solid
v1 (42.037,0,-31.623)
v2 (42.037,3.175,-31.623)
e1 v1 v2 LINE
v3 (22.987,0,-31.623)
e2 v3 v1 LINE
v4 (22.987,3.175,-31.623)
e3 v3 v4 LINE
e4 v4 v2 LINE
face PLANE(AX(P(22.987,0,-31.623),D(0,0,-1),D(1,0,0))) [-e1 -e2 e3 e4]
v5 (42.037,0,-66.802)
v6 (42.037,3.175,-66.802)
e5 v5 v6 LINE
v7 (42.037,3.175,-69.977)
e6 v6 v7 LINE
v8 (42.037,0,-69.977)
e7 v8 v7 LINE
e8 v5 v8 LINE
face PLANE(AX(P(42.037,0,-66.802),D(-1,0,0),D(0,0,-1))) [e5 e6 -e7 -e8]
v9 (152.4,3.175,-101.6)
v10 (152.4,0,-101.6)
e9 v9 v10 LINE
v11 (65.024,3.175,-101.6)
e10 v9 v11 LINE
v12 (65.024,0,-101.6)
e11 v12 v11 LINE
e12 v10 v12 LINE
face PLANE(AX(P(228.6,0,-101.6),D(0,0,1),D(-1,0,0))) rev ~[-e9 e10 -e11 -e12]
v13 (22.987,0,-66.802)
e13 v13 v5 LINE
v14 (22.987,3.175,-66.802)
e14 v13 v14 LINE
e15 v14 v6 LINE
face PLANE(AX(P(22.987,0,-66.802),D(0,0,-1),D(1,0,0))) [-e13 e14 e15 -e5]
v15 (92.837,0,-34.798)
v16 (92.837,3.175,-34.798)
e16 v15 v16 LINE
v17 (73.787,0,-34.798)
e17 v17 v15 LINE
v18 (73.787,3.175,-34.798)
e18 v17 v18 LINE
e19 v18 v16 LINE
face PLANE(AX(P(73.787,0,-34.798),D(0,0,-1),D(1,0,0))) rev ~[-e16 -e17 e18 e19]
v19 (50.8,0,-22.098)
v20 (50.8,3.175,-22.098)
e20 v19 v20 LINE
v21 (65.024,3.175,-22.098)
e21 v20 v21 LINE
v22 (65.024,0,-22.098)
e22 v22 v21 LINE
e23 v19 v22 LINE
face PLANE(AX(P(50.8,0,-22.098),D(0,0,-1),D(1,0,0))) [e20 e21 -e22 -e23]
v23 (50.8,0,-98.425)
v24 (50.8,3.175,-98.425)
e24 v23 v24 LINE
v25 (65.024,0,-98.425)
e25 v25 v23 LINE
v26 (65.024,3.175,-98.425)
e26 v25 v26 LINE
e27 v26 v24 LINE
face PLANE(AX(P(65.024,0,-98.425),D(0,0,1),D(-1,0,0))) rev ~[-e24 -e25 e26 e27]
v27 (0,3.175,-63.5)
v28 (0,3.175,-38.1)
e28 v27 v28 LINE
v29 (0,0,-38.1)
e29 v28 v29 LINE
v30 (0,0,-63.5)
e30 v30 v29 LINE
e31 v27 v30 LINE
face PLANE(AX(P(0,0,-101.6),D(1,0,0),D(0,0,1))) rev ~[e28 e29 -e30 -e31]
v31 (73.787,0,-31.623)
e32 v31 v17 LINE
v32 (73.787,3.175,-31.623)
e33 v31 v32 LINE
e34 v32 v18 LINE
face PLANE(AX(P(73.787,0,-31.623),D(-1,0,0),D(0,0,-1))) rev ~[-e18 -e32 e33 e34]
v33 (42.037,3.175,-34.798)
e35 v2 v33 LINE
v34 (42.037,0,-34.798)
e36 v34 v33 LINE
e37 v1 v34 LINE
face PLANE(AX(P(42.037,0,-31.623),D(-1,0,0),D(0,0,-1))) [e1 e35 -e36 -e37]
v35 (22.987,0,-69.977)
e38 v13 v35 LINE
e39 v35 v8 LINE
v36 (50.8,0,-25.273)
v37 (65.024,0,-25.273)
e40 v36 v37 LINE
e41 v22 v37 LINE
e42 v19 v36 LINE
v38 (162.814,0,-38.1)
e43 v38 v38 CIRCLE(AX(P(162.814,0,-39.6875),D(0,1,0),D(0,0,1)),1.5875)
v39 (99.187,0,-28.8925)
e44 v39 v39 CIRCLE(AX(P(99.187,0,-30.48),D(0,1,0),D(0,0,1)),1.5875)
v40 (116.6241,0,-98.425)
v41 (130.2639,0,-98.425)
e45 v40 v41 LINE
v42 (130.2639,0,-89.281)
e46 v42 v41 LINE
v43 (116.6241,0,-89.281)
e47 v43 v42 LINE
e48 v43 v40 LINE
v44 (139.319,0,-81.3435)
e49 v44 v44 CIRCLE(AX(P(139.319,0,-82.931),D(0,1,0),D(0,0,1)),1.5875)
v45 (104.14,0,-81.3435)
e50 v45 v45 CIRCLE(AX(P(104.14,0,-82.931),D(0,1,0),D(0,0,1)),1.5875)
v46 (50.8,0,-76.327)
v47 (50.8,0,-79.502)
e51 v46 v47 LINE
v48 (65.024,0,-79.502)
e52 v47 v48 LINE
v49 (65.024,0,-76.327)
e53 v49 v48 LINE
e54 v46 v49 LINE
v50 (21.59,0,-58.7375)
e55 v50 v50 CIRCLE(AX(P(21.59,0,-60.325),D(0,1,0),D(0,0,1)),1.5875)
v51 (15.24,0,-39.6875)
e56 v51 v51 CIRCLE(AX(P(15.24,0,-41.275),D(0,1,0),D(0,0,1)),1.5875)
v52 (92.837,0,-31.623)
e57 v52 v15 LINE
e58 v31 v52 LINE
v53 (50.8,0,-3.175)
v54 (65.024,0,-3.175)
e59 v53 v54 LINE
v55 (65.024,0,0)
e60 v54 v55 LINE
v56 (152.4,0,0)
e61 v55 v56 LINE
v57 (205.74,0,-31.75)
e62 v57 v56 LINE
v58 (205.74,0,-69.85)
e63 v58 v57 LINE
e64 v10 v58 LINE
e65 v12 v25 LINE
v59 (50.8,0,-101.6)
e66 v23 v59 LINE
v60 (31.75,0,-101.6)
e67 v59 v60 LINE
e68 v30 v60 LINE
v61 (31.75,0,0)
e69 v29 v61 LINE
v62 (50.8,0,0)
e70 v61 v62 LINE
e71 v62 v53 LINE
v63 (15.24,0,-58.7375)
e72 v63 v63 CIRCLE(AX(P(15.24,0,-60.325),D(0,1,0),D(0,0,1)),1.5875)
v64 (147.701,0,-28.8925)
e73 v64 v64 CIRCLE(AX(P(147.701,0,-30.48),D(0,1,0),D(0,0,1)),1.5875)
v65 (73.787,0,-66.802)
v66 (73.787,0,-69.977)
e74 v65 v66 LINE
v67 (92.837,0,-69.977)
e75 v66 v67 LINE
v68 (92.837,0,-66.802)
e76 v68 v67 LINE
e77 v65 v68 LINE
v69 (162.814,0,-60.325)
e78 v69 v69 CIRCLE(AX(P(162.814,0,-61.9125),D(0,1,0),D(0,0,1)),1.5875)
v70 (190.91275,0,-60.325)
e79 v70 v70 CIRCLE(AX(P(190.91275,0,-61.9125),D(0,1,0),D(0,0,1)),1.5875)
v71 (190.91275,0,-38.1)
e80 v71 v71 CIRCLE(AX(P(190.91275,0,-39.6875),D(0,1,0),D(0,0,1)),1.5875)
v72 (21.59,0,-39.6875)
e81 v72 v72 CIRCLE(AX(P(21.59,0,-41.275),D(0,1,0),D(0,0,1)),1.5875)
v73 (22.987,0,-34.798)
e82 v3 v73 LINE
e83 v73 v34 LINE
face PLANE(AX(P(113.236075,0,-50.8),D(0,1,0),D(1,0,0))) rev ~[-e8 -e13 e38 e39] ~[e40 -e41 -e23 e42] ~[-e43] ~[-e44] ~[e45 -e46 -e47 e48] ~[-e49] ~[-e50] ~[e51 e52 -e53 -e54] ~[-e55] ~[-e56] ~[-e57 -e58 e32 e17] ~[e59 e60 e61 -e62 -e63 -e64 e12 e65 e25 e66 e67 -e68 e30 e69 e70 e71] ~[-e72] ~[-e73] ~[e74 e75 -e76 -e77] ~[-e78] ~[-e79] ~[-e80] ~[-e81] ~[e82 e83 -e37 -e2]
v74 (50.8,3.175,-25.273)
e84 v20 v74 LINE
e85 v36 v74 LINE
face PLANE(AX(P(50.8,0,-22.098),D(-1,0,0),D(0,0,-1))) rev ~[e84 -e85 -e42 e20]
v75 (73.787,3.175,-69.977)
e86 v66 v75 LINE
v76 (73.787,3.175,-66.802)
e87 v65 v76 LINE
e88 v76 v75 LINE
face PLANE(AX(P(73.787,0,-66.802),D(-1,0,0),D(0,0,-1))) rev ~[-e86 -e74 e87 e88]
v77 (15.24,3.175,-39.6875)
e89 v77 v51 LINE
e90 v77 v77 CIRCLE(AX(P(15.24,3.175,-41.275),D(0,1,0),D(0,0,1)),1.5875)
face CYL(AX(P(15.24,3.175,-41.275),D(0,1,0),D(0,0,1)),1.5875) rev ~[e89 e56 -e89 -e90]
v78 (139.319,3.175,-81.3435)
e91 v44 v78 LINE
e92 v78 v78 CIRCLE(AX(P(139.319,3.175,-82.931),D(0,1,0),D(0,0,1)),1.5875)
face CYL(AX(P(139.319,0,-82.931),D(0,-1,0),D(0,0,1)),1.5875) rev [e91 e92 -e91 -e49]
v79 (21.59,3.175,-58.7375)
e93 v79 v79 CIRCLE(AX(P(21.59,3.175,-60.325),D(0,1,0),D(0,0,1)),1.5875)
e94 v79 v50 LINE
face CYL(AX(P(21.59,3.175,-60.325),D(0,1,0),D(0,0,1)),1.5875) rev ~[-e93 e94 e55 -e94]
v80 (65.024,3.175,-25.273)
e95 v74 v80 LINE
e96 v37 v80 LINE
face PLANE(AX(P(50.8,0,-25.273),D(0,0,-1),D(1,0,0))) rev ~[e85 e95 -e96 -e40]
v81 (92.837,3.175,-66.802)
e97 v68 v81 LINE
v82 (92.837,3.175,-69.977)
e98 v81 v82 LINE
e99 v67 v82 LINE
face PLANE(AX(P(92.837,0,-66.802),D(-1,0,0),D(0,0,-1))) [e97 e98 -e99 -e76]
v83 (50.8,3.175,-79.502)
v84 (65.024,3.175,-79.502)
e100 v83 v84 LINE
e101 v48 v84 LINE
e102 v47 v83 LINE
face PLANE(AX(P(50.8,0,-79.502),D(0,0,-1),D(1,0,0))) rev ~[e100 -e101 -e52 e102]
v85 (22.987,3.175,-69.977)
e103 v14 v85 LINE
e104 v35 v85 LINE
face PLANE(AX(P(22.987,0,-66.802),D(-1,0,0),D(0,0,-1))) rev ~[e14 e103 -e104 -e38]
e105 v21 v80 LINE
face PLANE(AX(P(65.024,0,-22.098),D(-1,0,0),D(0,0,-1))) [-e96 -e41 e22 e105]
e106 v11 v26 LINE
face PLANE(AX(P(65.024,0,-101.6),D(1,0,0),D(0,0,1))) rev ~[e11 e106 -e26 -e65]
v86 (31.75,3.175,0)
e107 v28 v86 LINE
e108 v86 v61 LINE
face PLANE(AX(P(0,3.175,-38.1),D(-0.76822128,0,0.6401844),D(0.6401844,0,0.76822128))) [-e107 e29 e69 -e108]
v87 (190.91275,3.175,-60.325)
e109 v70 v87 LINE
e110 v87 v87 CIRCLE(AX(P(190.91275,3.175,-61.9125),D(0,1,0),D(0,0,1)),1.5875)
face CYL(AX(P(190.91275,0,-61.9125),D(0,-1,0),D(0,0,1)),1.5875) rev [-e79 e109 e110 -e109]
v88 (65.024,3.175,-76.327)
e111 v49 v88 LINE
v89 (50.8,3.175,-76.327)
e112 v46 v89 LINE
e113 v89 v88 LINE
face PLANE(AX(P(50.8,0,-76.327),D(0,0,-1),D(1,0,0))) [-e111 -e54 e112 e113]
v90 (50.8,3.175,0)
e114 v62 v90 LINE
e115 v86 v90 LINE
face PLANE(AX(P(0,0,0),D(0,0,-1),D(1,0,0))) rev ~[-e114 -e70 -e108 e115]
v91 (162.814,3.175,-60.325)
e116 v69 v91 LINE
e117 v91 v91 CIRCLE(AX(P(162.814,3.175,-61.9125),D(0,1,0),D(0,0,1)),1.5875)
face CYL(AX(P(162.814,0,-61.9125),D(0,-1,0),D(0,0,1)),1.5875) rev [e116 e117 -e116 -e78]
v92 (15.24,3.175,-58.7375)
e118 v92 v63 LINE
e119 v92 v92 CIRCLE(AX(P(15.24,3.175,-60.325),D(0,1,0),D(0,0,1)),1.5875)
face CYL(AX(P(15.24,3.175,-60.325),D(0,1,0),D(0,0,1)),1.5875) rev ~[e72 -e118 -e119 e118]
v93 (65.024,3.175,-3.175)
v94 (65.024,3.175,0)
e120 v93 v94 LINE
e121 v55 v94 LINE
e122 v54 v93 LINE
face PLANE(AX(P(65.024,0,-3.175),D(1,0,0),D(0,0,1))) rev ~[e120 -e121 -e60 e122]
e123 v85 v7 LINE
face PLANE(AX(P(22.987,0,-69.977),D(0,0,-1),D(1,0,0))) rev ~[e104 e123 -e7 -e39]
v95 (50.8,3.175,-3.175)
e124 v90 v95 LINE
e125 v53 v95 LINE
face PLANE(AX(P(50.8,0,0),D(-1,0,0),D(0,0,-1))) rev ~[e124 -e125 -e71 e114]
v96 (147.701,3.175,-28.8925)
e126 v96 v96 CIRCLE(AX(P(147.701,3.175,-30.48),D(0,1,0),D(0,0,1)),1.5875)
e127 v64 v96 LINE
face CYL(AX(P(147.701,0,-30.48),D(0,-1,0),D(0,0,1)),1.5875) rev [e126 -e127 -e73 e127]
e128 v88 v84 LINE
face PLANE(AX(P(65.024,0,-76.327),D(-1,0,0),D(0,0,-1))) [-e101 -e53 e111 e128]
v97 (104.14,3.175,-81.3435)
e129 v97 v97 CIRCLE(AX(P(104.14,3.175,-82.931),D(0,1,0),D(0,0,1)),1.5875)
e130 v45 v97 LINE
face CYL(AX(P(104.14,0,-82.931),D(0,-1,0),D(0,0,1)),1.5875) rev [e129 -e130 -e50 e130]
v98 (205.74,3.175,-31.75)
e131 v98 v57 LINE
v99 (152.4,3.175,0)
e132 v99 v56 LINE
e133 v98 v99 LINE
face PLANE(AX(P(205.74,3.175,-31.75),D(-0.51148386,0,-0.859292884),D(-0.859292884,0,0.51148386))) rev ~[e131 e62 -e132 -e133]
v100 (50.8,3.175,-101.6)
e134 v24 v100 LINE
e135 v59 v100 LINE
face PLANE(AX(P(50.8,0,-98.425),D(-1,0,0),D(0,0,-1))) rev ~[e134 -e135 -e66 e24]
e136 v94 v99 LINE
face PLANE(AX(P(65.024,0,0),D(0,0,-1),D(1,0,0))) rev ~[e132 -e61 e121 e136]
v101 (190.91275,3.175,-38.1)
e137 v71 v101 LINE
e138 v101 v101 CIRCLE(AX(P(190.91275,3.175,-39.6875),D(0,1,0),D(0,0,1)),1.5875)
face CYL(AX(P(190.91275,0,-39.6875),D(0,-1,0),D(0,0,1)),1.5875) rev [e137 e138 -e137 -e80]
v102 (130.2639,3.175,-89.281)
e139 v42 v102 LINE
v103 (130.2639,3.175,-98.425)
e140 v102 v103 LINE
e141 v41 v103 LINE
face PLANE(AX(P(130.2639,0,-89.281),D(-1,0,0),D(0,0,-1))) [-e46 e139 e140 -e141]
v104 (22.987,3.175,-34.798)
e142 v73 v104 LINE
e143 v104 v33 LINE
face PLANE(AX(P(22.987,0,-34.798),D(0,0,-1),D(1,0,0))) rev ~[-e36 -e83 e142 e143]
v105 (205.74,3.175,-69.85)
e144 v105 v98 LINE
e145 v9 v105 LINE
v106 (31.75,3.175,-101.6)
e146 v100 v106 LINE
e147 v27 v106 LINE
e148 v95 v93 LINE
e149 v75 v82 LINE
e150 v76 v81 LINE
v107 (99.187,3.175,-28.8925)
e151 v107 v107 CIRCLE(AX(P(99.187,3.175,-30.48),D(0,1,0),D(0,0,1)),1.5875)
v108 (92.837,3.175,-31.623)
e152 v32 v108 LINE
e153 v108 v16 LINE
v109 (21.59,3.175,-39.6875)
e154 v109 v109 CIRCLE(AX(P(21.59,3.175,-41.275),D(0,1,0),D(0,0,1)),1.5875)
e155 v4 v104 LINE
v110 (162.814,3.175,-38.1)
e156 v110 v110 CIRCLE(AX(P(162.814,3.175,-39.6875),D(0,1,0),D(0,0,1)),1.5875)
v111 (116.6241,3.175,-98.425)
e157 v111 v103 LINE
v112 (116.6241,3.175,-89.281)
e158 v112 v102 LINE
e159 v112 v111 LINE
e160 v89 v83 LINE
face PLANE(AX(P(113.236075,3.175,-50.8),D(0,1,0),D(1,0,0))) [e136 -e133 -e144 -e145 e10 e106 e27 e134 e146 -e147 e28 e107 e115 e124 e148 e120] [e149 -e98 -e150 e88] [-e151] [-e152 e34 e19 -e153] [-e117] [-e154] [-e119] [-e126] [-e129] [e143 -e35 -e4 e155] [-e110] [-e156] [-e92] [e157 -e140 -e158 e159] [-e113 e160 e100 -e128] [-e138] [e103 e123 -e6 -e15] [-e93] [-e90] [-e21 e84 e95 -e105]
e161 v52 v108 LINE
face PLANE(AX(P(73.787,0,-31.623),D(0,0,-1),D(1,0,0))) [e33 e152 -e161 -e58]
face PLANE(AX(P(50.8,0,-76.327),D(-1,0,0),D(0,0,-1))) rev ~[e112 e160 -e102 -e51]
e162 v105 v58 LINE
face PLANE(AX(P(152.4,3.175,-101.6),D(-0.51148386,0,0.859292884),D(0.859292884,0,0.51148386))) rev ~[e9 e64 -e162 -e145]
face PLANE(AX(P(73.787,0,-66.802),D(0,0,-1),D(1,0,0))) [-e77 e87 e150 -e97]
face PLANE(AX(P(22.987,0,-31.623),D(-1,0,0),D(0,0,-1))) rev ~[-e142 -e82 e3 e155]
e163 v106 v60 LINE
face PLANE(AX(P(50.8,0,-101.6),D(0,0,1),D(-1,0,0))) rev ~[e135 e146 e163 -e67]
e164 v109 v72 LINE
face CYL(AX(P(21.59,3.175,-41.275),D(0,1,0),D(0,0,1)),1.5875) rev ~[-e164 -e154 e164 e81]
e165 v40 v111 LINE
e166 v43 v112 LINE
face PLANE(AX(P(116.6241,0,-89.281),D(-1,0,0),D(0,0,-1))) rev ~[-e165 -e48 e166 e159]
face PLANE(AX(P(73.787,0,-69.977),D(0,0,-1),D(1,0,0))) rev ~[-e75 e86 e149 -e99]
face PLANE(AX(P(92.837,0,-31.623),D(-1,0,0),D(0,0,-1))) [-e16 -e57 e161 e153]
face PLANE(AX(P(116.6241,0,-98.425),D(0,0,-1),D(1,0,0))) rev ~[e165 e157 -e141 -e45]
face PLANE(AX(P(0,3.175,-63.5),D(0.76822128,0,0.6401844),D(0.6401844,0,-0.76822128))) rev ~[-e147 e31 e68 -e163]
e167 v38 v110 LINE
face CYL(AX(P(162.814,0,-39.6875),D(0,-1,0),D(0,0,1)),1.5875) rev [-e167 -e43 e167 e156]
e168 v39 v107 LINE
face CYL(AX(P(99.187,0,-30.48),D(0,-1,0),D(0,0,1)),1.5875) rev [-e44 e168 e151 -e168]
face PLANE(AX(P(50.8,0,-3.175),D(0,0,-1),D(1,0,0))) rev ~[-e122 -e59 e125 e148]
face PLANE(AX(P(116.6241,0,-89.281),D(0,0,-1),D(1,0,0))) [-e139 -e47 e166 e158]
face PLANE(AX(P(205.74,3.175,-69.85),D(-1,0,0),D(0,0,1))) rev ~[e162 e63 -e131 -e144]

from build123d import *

# Parameters (mm, degrees)
SKETCH1_W           = 14.224
SKETCH1_H           = 3.175
SKETCH1_W_2         = 19.05
SKETCH1_R           = 1.5875
SKETCH1_W_3         = 13.6398
SKETCH1_H_2         = 9.144
BOSS_EXTRUDE1_DEPTH = 3.175
SKETCH2_R           = 1.5875
CUT_EXTRUDE1_DEPTH  = 3.175
CUT_EXTRUDE2_DEPTH  = 251.18113563


with BuildPart() as part:
    # Sketch1 → Boss-Extrude1 (new body)
    with BuildSketch(Plane(origin=(0, 0, 0), x_dir=(1, 0, 0), z_dir=(0, 1, 0))):
        Polygon((0, 101.6), (0, 0), (50.8, 0), (50.8, 3.175), (65.024, 3.175), (65.024, 0), (228.6, 0), (228.6, 101.6), (65.024, 101.6), (65.024, 98.425), (50.8, 98.425), (50.8, 101.6), align=None)
        with Locations((57.912, 23.6855)):
            Rectangle(SKETCH1_W, SKETCH1_H, mode=Mode.SUBTRACT)
        with Locations((32.512, 33.2105)):
            Rectangle(SKETCH1_W_2, SKETCH1_H, mode=Mode.SUBTRACT)
        with Locations((83.312, 33.2105)):
            Rectangle(SKETCH1_W_2, SKETCH1_H, mode=Mode.SUBTRACT)
        with Locations(Location((99.187, 30.48, 0), (0, 0, 270))):
            Circle(SKETCH1_R, mode=Mode.SUBTRACT)
        with Locations(Location((147.701, 30.48, 0), (0, 0, 270))):
            Circle(SKETCH1_R, mode=Mode.SUBTRACT)
        with Locations(Location((162.814, 39.6875, 0), (0, 0, 270))):
            Circle(SKETCH1_R, mode=Mode.SUBTRACT)
        with Locations(Location((190.91275, 39.6875, 0), (0, 0, 270))):
            Circle(SKETCH1_R, mode=Mode.SUBTRACT)
        with Locations((32.512, 68.3895)):
            Rectangle(SKETCH1_W_2, SKETCH1_H, mode=Mode.SUBTRACT)
        with Locations((83.312, 68.3895)):
            Rectangle(SKETCH1_W_2, SKETCH1_H, mode=Mode.SUBTRACT)
        with Locations((57.912, 77.9145)):
            Rectangle(SKETCH1_W, SKETCH1_H, mode=Mode.SUBTRACT)
        with Locations(Location((104.14, 82.931, 0), (0, 0, 270))):
            Circle(SKETCH1_R, mode=Mode.SUBTRACT)
        with Locations(Location((162.814, 61.9125, 0), (0, 0, 270))):
            Circle(SKETCH1_R, mode=Mode.SUBTRACT)
        with Locations(Location((190.91275, 61.9125, 0), (0, 0, 270))):
            Circle(SKETCH1_R, mode=Mode.SUBTRACT)
        with Locations(Location((139.319, 82.931, 0), (0, 0, 270))):
            Circle(SKETCH1_R, mode=Mode.SUBTRACT)
        with Locations((123.444, 93.853)):
            Rectangle(SKETCH1_W_3, SKETCH1_H_2, mode=Mode.SUBTRACT)
    extrude(amount=BOSS_EXTRUDE1_DEPTH)

    # Sketch2 → Cut-Extrude1 (cut)
    with BuildSketch(Plane(origin=(0, 3.175, 0), x_dir=(1, 0, 0), z_dir=(0, 1, 0))):
        with Locations(Location((15.24, 60.325, 0), (0, 0, 270))):
            Circle(SKETCH2_R)
        with Locations(Location((15.24, 41.275, 0), (0, 0, 270))):
            Circle(SKETCH2_R)
        with Locations(Location((21.59, 41.275, 0), (0, 0, 270))):
            Circle(SKETCH2_R)
        with Locations(Location((21.59, 60.325, 0), (0, 0, 270))):
            Circle(SKETCH2_R)
    extrude(amount=-CUT_EXTRUDE1_DEPTH, mode=Mode.SUBTRACT)

    # Sketch3 → Cut-Extrude2 (cut, through all)
    with BuildSketch(Plane(origin=(0, 3.175, 0), x_dir=(1, 0, 0), z_dir=(0, 1, 0))):
        Polygon((0, 63.5), (31.75, 101.6), (0, 101.6), align=None)
        Polygon((152.4, 101.6), (205.74, 69.85), (205.74, 31.75), (152.4, 0), (228.6, 0), (228.6, 44.45), (228.6, 57.15), (228.6, 101.6), align=None)
        Polygon((31.75, 0), (0, 0), (0, 38.1), align=None)
    extrude(amount=-CUT_EXTRUDE2_DEPTH, mode=Mode.SUBTRACT)


solid = part.part
